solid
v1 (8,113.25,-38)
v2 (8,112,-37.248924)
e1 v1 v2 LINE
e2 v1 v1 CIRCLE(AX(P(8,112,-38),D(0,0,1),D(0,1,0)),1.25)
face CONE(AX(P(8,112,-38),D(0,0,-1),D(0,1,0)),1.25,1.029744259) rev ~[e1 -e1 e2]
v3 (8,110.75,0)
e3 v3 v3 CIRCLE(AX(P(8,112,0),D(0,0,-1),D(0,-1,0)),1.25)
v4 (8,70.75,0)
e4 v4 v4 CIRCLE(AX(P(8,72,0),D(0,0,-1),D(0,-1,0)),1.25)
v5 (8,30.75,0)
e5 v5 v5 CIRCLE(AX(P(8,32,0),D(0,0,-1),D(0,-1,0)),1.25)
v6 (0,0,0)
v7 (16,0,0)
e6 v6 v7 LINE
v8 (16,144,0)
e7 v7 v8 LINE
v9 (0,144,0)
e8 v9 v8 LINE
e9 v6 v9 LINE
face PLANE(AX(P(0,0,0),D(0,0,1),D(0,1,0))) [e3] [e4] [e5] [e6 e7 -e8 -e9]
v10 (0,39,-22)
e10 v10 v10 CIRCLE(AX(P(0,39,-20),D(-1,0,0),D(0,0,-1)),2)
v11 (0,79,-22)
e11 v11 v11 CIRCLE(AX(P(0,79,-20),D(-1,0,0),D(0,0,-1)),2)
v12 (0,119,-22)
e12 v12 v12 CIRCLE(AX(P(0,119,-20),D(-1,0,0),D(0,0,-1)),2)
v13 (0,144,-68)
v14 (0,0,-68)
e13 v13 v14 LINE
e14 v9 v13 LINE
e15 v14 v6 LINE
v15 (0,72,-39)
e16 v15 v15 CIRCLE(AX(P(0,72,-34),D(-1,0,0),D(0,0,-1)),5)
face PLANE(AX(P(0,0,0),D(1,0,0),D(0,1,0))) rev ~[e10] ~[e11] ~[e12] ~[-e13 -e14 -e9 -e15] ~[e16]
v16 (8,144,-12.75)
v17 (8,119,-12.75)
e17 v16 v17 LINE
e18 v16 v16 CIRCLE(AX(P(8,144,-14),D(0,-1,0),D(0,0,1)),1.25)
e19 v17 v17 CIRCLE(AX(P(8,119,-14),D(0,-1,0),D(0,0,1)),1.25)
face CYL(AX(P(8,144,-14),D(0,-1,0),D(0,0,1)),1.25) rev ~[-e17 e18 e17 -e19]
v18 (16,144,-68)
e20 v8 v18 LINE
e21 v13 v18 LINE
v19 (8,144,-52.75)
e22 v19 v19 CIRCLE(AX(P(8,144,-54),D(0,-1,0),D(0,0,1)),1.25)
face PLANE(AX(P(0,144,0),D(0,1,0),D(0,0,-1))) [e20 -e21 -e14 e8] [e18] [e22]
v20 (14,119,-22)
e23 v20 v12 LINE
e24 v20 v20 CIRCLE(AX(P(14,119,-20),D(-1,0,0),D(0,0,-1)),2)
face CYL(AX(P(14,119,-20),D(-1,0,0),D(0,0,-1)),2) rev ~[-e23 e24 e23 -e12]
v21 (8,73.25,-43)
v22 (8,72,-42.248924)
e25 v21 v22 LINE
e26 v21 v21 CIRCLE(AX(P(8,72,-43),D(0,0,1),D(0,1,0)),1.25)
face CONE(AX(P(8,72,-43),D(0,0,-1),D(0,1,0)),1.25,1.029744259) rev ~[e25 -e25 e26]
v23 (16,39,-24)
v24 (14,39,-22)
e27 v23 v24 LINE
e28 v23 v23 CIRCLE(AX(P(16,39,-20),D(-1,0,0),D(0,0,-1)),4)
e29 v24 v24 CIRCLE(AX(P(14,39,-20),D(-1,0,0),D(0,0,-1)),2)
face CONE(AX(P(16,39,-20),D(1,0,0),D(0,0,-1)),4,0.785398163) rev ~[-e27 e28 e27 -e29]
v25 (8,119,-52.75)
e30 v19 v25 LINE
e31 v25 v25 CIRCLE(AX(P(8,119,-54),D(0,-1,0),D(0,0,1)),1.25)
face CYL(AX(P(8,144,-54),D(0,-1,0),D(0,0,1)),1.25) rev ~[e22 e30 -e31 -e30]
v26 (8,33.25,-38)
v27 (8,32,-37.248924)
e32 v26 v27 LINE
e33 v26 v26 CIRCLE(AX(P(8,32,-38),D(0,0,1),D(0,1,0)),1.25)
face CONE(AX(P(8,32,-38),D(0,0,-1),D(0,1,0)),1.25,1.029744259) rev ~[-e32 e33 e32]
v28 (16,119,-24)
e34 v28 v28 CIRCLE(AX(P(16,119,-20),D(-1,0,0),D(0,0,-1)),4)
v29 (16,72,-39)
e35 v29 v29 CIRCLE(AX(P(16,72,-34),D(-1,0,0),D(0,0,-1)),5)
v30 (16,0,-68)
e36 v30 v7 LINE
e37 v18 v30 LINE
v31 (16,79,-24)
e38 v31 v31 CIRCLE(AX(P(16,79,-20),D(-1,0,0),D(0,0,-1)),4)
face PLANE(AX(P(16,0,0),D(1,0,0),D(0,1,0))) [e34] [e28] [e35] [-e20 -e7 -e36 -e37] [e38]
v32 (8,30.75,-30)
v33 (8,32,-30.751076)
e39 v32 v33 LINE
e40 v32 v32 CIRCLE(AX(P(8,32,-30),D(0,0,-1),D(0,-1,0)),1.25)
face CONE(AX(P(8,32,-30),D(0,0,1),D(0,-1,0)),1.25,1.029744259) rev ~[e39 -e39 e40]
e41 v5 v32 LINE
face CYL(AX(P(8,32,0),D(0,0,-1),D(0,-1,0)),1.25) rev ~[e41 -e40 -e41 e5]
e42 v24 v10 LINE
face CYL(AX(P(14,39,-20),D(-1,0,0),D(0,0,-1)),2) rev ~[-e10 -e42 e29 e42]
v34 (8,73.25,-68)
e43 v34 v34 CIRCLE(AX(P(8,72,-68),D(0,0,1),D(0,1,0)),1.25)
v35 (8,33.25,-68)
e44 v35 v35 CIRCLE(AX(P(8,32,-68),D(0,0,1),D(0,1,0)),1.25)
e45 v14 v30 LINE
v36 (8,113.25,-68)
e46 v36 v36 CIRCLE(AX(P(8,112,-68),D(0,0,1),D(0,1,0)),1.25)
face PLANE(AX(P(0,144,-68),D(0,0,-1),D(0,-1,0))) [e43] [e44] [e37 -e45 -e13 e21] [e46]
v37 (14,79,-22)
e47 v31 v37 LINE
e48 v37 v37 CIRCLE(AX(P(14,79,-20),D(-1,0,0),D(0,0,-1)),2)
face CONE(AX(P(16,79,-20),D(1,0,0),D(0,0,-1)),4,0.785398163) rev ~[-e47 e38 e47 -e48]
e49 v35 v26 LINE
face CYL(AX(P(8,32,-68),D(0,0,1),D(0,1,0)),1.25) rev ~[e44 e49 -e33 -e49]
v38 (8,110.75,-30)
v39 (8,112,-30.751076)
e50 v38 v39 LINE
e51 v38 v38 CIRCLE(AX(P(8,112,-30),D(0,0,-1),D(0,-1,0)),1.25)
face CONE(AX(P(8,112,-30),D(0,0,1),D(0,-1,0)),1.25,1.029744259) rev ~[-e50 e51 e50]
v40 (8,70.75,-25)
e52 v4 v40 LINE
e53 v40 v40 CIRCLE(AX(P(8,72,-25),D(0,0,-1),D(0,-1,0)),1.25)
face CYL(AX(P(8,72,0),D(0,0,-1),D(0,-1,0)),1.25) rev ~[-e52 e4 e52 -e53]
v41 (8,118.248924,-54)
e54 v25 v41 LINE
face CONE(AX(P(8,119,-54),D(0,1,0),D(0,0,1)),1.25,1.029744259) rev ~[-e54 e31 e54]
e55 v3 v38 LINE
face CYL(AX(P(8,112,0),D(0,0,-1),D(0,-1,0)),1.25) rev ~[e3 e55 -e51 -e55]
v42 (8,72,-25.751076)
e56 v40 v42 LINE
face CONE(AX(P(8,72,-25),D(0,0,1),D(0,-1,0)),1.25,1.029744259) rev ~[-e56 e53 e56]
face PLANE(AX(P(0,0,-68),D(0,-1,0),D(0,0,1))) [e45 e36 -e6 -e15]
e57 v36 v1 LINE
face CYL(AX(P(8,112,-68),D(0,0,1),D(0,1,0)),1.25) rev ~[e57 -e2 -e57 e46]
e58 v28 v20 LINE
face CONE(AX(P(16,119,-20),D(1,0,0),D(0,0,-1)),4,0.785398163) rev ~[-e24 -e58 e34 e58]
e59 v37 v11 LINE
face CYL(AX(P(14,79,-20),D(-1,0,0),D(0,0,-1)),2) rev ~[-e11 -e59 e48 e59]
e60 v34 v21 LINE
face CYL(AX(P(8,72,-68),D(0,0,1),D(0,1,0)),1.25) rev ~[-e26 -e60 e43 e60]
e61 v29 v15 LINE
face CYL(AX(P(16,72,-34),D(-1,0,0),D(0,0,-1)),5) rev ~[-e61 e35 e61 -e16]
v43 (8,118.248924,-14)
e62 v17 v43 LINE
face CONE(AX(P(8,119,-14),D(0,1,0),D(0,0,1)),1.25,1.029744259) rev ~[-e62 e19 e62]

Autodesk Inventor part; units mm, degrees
ref_plane "YZ Plane" through (0, 0, 0) normal (1, 0, 0) x (0, 1, 0)
ref_plane "XZ Plane" through (0, 0, 0) normal (0, 1, 0) x (-1, 0, 0)
ref_plane "XY Plane" through (0, 0, 0) normal (0, 0, 1) x (1, 0, 0)
sketch "Skizze1" plane through (0, 0, 0) normal (1, 0, 0) x (0, 1, 0)
  line L0 (0, 0) -> (144, 0)
  line L1 (144, 0) -> (144, -68)
  line L2 (144, -68) -> (0, -68)
  line L3 (0, -68) -> (0, 0)
  dimension "d0" = 144
  dimension "d1" = 68
extrude "Extrusion1" add sketch "Skizze1" along normal blind 16
sketch "Skizze2" plane through (0, 0, 0) normal (0, 0, 1) x (1, 0, 0)
  line L0 (0, 0) -> (0, 144) construction
  line L1 (0, 72) -> (16, 72) construction
  line L2 (16, 144) -> (16, 0) construction
  line L3 (0, 144) -> (16, 144) construction
  line L4 (8, 144) -> (8, 0) construction
  line L5 (0, 144) -> (16, 144) construction
  line L6 (0, 0) -> (16, 0) construction
  line L7 (0, 144) -> (16, 144) construction
  line L8 (16, 144) -> (16, 0) construction
  line L9 (16, 0) -> (0, 0) construction
  line L10 (0, 0) -> (0, 144) construction
  line L11 (0, 112) -> (16, 112) construction
  line L12 (0, 32) -> (16, 32) construction
  point P0 (8, 112)
  point P1 (8, 72)
  point P2 (8, 32)
  dimension "d4" = 40
  dimension "d5" = 40
hole "Bohrung1" at (8, 112, 0) at (8, 32, 0) direction (0, 0, -1) diameter 2.5 depth 30 tip angle 118
sketch "Skizze3" plane through (0, 144, 0) normal (0, 1, 0) x (1, 0, 0)
  line L0 (0, 0) -> (16, 0)
  line L1 (16, 0) -> (16, 68)
  line L2 (16, 68) -> (0, 68)
  line L3 (0, 68) -> (0, 0)
  line L4 (8, 0) -> (8, 68) construction
  line L5 (0, 68) -> (16, 68) construction
  line L6 (16, 0) -> (16, 68) construction
  line L7 (16, 34) -> (0, 34) construction
  line L8 (0, 68) -> (0, 0) construction
  line L9 (0, 14) -> (16, 14) construction
  line L10 (0, 54) -> (16, 54) construction
  point P0 (8, 14)
  point P1 (8, 54)
  dimension "d13" = 14
  dimension "d22" = 14
hole "Bohrung2" at (8, 144, -14) at (8, 144, -54) direction (0, -1, 0) diameter 2.5 depth 25 tip angle 118
sketch "Skizze4" plane through (0, 0, -68) normal (0, 0, -1) x (-1, 0, 0)
  line L0 (0, 0) -> (-16, 0) construction
  line L1 (-16, 0) -> (-16, 144) construction
  line L2 (-16, 144) -> (0, 144) construction
  line L3 (0, 144) -> (0, 0) construction
  line L4 (-8, 0) -> (-8, 144) construction
  line L5 (-16, 144) -> (-16, 0) construction
  line L6 (-16, 72) -> (0, 72) construction
  point P0 (-8, 112)
  point P1 (-8, 32)
  dimension "d53" = 72
  dimension "d54" = 40
  dimension "d55" = 40
hole "Bohrung3" at (8, 112, -68) at (8, 32, -68) direction (0, 0, 1) diameter 2.5 depth 30 tip angle 118
sketch "Skizze5" plane through (16, 0, 0) normal (1, 0, 0) x (0, 0, -1)
  line L0 (68, 144) -> (0, 144) construction
  line L1 (0, 144) -> (0, 0) construction
  line L2 (0, 0) -> (68, 0) construction
  line L3 (68, 0) -> (68, 144) construction
  line L4 (0, 144) -> (0, 0) construction
  line L5 (0, 72) -> (68, 72) construction
  circle A0 centre (34, 72) radius 4 construction
  line L6 (20, 119) -> (20, 39) construction
  point P0 (20, 79)
  dimension "d41" = 8
  dimension "d42" = 7
  dimension "d43" = 40
  dimension "d44" = 40
  dimension "d45" = 20
hole "Bohrung4" at (16, 39, -20) at (16, 79, -20) at (16, 119, -20) direction (-1, 0, 0) diameter 4 end through all countersink diameter 8 countersink angle 90
hole "Bohrung5" at (16, 72, -34) direction (-1, 0, 0) diameter 10 end through all
sketch "Skizze6" plane through (0, 0, 0) normal (0, 0, 1) x (1, 0, 0)
  circle A0 centre (8, 112) radius 1.25 projected
  circle A1 centre (8, 32) radius 1.25 projected
  line L0 (0, 0) -> (0, 144) projected
  line L1 (0, 0) -> (16, 0) projected
  line L2 (16, 144) -> (16, 0) projected
  line L3 (0, 144) -> (16, 144) projected
  point P0 (8, 72)
  dimension "d56" = 40
hole "Bohrung6" at (8, 72, 0) direction (0, 0, -1) diameter 2.5 depth 25 tip angle 118
sketch "Skizze7" plane through (0, 0, -68) normal (0, 0, -1) x (-1, 0, 0)
  circle A0 centre (-8, 72) radius 1.25 projected
  point P0 (0, 0)
hole "Bohrung7" at (8, 72, -68) direction (0, 0, 1) diameter 2.5 depth 25 tip angle 118
equation "\"d39\" = Stärke"
equation "\"d51\" = Stärke"
equation "\"Biegeradius\" = Stärke"
equation "\"BreiteBiegungsfreistellung\" = Stärke"
equation "\"TiefeBiegungsfreistellung\" = 0.5 * Stärke"
equation "\"GrößeEckenfreistellung\" = 4 * Stärke"
equation "\"MinimalRest\" = 2 * Stärke"
equation "\"Übergangsradius\" = Biegeradius"
equation "\"JacobiRadiusGröße\" = Biegeradius"
equation "\"Abstandsgröße\" = Stärke"
equation "\"Stärke\" = 0.5"
properties part number "licht_150_side_right" material "Spanplatte"
